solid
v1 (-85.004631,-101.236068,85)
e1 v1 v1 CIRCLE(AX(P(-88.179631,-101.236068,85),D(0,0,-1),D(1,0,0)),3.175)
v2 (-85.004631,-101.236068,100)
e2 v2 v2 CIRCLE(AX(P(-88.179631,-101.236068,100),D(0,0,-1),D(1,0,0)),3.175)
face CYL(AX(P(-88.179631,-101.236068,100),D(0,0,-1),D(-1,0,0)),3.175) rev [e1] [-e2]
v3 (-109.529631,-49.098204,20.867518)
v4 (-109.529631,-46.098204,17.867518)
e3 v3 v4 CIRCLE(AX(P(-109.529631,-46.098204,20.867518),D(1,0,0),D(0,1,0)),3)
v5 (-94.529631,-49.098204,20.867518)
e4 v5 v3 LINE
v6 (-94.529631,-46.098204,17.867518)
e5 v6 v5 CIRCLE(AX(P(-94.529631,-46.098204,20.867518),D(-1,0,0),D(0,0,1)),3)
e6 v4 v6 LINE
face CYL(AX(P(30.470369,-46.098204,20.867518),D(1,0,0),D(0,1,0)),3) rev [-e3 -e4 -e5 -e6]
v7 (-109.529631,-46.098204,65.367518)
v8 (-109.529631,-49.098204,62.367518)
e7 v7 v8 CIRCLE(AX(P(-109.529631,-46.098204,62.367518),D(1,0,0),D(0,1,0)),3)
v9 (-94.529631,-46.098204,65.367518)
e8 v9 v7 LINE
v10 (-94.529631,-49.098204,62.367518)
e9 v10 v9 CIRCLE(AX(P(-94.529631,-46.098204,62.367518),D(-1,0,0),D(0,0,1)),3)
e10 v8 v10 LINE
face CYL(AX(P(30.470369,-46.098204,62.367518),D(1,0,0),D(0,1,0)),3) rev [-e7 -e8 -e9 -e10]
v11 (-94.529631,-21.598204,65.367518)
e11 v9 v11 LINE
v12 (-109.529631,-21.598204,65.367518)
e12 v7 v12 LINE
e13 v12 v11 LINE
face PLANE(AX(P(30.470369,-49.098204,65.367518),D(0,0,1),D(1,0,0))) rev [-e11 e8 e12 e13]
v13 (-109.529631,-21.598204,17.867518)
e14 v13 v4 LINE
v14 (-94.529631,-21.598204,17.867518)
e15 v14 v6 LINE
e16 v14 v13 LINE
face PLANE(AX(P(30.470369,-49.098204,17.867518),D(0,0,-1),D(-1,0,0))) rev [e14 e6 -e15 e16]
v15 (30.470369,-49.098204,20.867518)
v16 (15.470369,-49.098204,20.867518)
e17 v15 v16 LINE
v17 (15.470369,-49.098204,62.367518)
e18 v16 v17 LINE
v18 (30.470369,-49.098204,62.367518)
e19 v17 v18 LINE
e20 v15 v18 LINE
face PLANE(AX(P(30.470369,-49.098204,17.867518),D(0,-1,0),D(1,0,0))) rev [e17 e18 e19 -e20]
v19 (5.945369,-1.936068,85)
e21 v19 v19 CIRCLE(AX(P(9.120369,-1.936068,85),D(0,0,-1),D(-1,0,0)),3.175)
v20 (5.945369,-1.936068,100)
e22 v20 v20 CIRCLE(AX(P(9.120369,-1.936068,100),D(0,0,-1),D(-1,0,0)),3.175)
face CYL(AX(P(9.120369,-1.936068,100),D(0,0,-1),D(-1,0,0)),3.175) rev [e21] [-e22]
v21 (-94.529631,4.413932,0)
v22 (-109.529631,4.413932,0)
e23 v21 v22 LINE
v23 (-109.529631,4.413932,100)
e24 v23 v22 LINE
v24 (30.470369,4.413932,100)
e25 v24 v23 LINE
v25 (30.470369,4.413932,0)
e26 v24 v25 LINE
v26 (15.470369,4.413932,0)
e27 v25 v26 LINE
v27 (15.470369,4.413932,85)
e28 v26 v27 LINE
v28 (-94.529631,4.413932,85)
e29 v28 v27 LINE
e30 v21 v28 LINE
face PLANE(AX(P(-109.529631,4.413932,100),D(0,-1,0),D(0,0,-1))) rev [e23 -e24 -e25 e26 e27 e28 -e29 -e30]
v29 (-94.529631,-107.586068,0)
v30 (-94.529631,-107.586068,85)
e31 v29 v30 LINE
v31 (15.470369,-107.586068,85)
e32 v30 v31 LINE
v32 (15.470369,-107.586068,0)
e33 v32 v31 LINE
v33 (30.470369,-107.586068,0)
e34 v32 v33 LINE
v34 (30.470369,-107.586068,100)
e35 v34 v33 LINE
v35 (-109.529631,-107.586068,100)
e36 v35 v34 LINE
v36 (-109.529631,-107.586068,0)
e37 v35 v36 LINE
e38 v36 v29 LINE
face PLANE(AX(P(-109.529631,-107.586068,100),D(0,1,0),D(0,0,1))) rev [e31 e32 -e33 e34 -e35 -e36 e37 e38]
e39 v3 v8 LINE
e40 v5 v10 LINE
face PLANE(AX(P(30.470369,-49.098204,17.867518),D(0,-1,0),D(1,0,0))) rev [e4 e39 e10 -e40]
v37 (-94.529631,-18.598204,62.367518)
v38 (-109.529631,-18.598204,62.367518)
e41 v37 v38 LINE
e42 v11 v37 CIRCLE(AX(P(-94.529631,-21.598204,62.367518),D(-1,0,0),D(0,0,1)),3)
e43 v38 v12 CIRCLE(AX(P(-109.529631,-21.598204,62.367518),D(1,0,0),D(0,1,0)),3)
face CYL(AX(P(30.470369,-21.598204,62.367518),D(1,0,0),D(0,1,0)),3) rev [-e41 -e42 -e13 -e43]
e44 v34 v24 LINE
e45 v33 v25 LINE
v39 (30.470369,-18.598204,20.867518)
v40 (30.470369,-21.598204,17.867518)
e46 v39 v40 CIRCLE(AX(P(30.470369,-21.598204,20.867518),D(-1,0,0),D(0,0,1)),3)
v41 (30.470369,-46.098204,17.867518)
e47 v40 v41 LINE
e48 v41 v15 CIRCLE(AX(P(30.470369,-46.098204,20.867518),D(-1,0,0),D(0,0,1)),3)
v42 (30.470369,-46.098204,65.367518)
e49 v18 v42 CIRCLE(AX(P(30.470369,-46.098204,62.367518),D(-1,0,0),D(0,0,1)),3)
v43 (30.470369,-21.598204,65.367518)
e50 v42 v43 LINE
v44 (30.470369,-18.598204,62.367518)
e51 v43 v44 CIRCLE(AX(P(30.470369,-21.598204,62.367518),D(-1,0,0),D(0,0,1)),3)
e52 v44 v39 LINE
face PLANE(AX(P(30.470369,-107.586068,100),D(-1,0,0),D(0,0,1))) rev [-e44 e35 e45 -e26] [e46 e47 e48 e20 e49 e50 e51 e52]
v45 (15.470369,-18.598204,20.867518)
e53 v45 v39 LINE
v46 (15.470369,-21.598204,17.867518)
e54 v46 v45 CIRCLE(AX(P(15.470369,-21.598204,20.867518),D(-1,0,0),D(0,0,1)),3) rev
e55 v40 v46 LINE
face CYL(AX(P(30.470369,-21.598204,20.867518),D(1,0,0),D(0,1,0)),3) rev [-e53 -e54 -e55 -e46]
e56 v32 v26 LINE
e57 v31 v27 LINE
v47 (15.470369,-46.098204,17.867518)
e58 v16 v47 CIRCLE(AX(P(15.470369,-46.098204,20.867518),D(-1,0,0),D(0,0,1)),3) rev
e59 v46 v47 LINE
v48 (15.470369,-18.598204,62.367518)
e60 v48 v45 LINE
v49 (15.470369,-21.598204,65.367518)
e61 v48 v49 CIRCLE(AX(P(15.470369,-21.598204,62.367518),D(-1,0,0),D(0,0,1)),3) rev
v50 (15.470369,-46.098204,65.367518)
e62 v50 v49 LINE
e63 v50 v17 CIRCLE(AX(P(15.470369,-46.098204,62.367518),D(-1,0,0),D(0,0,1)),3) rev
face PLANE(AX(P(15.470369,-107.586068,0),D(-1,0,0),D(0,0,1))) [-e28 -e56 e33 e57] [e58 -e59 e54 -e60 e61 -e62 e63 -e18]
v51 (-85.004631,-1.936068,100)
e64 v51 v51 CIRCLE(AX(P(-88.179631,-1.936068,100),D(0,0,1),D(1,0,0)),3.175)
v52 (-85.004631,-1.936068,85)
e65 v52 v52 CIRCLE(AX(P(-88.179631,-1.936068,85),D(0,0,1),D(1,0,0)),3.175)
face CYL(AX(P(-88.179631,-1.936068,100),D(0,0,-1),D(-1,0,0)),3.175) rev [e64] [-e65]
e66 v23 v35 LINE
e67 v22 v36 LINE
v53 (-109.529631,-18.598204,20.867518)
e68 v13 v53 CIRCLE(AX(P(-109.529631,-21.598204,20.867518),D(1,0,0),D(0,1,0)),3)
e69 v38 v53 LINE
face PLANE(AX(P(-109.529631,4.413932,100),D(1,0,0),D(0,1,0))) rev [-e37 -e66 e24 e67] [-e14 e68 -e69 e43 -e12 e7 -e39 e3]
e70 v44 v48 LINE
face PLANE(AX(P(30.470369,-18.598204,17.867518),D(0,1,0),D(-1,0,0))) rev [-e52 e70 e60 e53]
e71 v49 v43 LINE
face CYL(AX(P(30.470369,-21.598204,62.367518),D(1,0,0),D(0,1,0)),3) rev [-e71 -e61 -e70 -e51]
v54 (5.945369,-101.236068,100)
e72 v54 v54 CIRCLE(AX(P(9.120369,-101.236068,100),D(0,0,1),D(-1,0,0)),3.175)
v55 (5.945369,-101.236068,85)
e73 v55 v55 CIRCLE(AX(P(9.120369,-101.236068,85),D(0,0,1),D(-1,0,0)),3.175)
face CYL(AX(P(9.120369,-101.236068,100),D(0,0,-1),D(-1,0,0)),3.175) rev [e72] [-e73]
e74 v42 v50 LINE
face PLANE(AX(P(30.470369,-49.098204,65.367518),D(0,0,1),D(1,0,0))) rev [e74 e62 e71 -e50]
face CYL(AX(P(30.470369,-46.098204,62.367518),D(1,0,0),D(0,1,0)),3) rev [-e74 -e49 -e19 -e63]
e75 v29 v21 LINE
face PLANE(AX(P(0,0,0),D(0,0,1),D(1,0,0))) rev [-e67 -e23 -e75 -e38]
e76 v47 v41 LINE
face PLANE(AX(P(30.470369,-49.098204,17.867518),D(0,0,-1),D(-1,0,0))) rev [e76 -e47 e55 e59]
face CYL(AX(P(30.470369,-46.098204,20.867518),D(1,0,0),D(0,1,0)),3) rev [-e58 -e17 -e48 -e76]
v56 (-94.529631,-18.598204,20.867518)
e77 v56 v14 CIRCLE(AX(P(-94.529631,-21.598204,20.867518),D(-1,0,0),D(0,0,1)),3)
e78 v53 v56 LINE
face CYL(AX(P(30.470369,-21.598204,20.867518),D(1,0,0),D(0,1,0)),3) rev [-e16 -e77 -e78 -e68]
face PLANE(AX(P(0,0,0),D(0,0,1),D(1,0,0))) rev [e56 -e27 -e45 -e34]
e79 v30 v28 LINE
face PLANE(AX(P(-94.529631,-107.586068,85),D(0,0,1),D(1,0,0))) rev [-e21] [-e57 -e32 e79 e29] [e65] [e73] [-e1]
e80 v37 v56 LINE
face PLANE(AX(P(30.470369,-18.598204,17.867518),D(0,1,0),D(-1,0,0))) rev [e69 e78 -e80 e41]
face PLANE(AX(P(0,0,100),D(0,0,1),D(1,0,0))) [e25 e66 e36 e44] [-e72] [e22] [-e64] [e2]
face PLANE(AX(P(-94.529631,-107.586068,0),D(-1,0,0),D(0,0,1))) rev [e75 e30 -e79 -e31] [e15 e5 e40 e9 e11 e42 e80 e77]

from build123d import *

# Parameters (mm, degrees)
ESQUISSE1_W               = 140
ESQUISSE1_H               = 112
BOSS_EXTRU_1_DEPTH        = 100
ESQUISSE2_W               = 110
ESQUISSE2_H               = 85
ENL_V_MAT_EXTRU_1_DEPTH   = 113
ESQUISSE3_W               = 47.5
ESQUISSE3_H               = 30.5
ENL_V_MAT_EXTRU_2_DEPTH   = 141
ESQUISSE4_R               = 3.175
ENL_V_MAT_EXTRU_3_DEPTH   = 16
SYM_TRIE2_COPY_1_SKETCH_R = 3.175
SYM_TRIE2_COPY_1_DEPTH    = 16
CONG_1_R                  = 3


with BuildPart() as part:
    # Esquisse1 → Boss.-Extru.1 (new body)
    with BuildSketch(Plane.XY):
        with Locations((-39.52963138, -51.586067687)):
            Rectangle(ESQUISSE1_W, ESQUISSE1_H)
    extrude(amount=BOSS_EXTRU_1_DEPTH)

    # Esquisse2 → Enlèv. mat.-Extru.1 (cut, through all)
    with BuildSketch(Plane(origin=(0, 4.413932313, 0), x_dir=(1, 0, 0), z_dir=(0, 1, 0))):
        with Locations((-39.52963138, -42.5)):
            Rectangle(ESQUISSE2_W, ESQUISSE2_H)
    extrude(amount=-ENL_V_MAT_EXTRU_1_DEPTH, mode=Mode.SUBTRACT)

    # Esquisse3 → Enlèv. mat.-Extru.2 (cut, through all)
    with BuildSketch(Plane.ZY.offset(109.52963138)):
        with Locations((41.617518417, -33.84820443)):
            Rectangle(ESQUISSE3_W, ESQUISSE3_H)
    extrude(amount=-ENL_V_MAT_EXTRU_2_DEPTH, mode=Mode.SUBTRACT)

    # Esquisse4 → Enlèv. mat.-Extru.3 (cut, through all)
    with BuildSketch(Plane(origin=(0, 0, 85), x_dir=(-1, 0, 0), z_dir=(0, 0, -1))):
        with Locations((-9.12036862, -1.936067687)):
            Circle(ESQUISSE4_R)
    enl_v_mat_extru_3 = extrude(amount=-ENL_V_MAT_EXTRU_3_DEPTH, mode=Mode.SUBTRACT)

    # Symétrie1: Enlèv. mat.-Extru.3 across plane
    add(enl_v_mat_extru_3.mirror(Plane(origin=(-39.52963138, 0, 0), x_dir=(0, 0, 1), z_dir=(1, 0, 0))), mode=Mode.SUBTRACT)

    # Symétrie2: Enlèv. mat.-Extru.3 across plane
    add(enl_v_mat_extru_3.mirror(Plane(origin=(0, -51.586067687, 0), x_dir=(0, 0, 1), z_dir=(0, -1, 0))), mode=Mode.SUBTRACT)

    # Symétrie2 copy 1 sketch → Symétrie2 copy 1 (cut, through all)
    with BuildSketch(Plane(origin=(-79.05926276, -103.172135375, 85), x_dir=(1, 0, 0), z_dir=(0, 0, -1))):
        with Locations((-9.12036862, -1.936067687)):
            Circle(SYM_TRIE2_COPY_1_SKETCH_R)
    extrude(amount=-SYM_TRIE2_COPY_1_DEPTH, mode=Mode.SUBTRACT)

    # Congé1
    cong_1_edges = [part.edges().sort_by_distance(p)[0] for p in [
        (-102.02963138, -49.09820443, 17.867518417),
        (-102.02963138, -18.59820443, 17.867518417),
        (-102.02963138, -18.59820443, 65.367518417),
        (-102.02963138, -49.09820443, 65.367518417),
        (22.97036862, -49.09820443, 17.867518417),
        (22.97036862, -18.59820443, 17.867518417),
        (22.97036862, -18.59820443, 65.367518417),
        (22.97036862, -49.09820443, 65.367518417),
    ]]
    fillet(cong_1_edges, radius=CONG_1_R)


solid = part.part
